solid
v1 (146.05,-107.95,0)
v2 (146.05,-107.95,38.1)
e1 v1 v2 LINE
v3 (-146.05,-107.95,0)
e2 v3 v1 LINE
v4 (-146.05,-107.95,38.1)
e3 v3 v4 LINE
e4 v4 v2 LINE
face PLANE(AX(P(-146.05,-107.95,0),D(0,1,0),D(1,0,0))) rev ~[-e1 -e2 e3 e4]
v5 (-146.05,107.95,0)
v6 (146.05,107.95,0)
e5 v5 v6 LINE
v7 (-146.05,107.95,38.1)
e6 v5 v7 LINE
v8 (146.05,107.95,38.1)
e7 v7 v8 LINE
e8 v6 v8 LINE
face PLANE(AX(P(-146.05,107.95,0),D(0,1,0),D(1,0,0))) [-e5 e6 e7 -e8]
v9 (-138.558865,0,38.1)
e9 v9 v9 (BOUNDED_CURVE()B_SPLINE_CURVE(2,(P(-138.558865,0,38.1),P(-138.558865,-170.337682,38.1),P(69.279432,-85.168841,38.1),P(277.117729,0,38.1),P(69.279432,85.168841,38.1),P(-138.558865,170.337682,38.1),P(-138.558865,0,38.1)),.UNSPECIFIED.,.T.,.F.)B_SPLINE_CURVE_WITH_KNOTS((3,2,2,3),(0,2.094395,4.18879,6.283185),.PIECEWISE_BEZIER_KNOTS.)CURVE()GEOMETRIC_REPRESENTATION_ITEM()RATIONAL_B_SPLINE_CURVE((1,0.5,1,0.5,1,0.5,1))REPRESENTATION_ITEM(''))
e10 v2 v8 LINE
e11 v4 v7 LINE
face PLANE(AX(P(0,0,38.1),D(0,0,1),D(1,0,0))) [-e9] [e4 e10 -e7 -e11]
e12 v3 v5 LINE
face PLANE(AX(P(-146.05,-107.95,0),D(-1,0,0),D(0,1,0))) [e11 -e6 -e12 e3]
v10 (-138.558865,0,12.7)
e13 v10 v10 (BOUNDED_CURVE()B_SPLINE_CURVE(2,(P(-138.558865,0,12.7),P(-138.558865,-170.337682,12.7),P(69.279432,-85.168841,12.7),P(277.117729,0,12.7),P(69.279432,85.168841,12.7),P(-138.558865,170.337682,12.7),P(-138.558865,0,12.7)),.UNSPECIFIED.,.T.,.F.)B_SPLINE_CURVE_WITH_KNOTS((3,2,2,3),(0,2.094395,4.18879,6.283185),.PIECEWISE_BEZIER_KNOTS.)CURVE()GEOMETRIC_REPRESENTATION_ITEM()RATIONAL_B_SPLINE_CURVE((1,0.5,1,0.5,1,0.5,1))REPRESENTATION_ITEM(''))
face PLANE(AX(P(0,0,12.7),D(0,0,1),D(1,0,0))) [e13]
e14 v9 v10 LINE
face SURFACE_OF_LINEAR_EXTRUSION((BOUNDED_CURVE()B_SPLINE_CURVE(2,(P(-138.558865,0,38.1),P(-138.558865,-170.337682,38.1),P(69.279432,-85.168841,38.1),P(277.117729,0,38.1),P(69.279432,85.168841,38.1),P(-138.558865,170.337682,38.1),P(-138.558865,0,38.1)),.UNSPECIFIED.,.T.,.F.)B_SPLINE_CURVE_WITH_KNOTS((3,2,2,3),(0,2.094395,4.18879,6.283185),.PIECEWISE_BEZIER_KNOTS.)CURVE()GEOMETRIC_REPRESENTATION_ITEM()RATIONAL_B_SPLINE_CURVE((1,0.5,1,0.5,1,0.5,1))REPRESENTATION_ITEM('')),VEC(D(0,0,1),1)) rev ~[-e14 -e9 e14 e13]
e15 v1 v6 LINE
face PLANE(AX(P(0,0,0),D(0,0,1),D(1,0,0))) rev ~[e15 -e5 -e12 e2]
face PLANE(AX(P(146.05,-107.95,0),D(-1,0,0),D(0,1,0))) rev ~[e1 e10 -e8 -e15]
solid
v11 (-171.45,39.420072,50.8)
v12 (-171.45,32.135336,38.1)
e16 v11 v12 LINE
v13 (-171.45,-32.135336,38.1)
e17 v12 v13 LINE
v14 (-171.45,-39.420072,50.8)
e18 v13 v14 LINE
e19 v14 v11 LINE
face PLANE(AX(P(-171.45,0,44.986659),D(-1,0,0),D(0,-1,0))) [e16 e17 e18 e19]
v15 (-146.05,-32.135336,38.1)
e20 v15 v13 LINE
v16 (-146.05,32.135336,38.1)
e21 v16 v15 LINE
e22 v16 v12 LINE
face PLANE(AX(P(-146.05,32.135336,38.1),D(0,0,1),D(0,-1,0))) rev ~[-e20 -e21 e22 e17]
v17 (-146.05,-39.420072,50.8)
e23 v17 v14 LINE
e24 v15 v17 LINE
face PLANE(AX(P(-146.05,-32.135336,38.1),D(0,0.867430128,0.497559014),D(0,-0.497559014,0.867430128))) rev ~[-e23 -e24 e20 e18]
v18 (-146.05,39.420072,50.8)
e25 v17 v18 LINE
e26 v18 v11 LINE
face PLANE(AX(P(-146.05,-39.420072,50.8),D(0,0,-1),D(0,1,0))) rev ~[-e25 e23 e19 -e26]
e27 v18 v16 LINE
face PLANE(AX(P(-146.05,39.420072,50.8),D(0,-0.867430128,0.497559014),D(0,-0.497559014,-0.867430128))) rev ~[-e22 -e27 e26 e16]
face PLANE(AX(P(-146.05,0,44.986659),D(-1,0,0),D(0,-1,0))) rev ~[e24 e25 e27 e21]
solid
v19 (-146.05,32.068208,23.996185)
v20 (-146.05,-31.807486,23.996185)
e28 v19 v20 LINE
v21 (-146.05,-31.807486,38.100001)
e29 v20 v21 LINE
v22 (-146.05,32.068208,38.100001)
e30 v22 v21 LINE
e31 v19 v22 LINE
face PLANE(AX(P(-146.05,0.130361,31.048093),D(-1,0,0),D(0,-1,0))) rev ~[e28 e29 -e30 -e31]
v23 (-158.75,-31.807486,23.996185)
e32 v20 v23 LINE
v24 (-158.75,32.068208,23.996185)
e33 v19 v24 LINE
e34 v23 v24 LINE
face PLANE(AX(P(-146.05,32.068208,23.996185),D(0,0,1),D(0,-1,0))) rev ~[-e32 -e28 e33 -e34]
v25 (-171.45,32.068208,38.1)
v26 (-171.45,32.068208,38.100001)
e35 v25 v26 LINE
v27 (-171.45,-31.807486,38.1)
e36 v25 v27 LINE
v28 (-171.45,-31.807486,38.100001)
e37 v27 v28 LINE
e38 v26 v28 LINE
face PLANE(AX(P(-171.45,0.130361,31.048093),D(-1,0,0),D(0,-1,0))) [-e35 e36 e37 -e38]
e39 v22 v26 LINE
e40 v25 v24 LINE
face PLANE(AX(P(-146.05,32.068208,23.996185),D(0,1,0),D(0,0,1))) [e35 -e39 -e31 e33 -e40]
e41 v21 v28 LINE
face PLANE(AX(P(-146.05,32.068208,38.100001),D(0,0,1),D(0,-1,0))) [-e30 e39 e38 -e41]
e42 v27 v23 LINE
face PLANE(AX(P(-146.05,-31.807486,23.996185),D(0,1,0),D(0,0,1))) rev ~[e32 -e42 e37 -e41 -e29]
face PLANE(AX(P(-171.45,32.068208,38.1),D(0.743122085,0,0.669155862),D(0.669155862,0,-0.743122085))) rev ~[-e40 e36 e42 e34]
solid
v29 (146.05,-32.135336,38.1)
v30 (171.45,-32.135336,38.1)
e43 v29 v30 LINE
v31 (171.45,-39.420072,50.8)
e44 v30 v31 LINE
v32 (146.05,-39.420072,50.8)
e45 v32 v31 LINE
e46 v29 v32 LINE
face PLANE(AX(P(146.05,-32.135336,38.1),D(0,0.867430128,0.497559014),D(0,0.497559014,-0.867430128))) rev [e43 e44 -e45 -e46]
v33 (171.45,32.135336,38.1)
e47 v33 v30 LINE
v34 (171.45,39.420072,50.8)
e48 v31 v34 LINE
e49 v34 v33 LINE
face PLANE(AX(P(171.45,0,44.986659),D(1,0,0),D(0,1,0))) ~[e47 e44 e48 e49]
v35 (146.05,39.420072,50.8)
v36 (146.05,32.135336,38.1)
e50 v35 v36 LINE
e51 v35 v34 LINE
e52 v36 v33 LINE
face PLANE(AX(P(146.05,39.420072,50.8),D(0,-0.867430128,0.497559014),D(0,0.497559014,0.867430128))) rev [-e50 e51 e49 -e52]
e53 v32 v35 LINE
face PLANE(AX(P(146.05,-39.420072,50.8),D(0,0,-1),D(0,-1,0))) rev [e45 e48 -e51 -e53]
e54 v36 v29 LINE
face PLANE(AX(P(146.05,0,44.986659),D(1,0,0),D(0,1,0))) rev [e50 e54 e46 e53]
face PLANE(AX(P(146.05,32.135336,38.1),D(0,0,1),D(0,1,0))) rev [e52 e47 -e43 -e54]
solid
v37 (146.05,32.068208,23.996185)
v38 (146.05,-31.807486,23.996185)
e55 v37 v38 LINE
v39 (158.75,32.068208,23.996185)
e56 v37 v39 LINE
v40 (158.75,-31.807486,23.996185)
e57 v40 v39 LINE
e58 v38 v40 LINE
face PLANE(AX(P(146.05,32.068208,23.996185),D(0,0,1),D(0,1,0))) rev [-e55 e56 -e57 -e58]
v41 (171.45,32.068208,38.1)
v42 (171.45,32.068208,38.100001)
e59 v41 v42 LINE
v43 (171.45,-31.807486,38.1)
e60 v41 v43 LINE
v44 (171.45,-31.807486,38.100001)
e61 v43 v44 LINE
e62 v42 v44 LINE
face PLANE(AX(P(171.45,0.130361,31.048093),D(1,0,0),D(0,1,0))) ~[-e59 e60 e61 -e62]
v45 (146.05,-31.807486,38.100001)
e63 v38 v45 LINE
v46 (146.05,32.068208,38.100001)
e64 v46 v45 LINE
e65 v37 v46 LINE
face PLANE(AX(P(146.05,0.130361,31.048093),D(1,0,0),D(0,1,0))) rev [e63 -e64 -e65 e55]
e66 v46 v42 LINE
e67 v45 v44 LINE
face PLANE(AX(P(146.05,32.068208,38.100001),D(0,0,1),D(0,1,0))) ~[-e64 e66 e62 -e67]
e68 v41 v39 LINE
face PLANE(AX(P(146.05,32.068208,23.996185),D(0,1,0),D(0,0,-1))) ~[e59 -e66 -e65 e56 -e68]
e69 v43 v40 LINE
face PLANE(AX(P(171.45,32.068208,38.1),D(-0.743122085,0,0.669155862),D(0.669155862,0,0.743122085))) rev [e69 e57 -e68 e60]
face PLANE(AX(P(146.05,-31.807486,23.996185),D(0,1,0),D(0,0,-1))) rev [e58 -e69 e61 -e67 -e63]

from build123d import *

# Parameters (mm, degrees)
F0_W      = 292.1
F0_H      = 215.9
F1_DEPTH  = 38.1
F3_DEPTH  = 25.4
F5_DEPTH  = 25.4
F7_W      = 63.875694
F7_H      = 14.103815
F8_DEPTH  = 25.4
F10_DEPTH = 127


with BuildPart() as f1:
    # F0 (on Top) → F1 (new body)
    with BuildSketch(Plane.XY):
        Rectangle(F0_W, F0_H)
    extrude(amount=F1_DEPTH)

    # F2 (on face) → F3 (cut)
    with BuildSketch(Plane.XY.offset(38.1)):
        with BuildLine():
            add(Edge.make_bspline(
                [(-138.558865, 0), (-138.558865, -170.337682), (69.279432, -85.168841), (277.117729, 0), (69.279432, 85.168841), (-138.558865, 170.337682), (-138.558865, 0)],
                knots=[0, 0, 0, 2.094395, 2.094395, 4.18879, 4.18879, 6.283185, 6.283185, 6.283185], degree=2, weights=[1, 0.5, 1, 0.5, 1, 0.5, 1]))
        make_face()
    extrude(amount=-F3_DEPTH, mode=Mode.SUBTRACT)


with BuildPart() as f5:
    # F4 (on face) → F5 (new body)
    with BuildSketch(Plane(origin=(-146.05, 0, 0), x_dir=(0, -1, 0), z_dir=(-1, 0, 0))):
        Polygon((-39.420072, 50.8), (-32.135336, 38.1), (0, 38.1), (32.135336, 38.1), (39.420072, 50.8), align=None)
    extrude(amount=F5_DEPTH)


with BuildPart() as f6_1:
    # F6: instance of F5
    add(f5.part.mirror(Plane.YZ))


with BuildPart() as f8:
    # F7 (on face) → F8 (new body)
    with BuildSketch(Plane(origin=(-146.05, 0, 0), x_dir=(0, -1, 0), z_dir=(-1, 0, 0))):
        with Locations((-0.130361, 31.048093)):
            Rectangle(F7_W, F7_H)
    extrude(amount=F8_DEPTH)

    # F9 (on face) → F10 (cut)
    with BuildSketch(Plane(origin=(0, 32.068208, 0), x_dir=(-1, 0, 0), z_dir=(0, 1, 0))):
        Polygon((171.45, 23.996185), (171.45, 38.1), (158.75, 23.996185), align=None)
    extrude(amount=-F10_DEPTH, mode=Mode.SUBTRACT)


with BuildPart() as f11_1:
    # F11: instance of F8
    add(f8.part.mirror(Plane.YZ))


solid = Compound([f1.part, f5.part, f6_1.part, f8.part, f11_1.part])
